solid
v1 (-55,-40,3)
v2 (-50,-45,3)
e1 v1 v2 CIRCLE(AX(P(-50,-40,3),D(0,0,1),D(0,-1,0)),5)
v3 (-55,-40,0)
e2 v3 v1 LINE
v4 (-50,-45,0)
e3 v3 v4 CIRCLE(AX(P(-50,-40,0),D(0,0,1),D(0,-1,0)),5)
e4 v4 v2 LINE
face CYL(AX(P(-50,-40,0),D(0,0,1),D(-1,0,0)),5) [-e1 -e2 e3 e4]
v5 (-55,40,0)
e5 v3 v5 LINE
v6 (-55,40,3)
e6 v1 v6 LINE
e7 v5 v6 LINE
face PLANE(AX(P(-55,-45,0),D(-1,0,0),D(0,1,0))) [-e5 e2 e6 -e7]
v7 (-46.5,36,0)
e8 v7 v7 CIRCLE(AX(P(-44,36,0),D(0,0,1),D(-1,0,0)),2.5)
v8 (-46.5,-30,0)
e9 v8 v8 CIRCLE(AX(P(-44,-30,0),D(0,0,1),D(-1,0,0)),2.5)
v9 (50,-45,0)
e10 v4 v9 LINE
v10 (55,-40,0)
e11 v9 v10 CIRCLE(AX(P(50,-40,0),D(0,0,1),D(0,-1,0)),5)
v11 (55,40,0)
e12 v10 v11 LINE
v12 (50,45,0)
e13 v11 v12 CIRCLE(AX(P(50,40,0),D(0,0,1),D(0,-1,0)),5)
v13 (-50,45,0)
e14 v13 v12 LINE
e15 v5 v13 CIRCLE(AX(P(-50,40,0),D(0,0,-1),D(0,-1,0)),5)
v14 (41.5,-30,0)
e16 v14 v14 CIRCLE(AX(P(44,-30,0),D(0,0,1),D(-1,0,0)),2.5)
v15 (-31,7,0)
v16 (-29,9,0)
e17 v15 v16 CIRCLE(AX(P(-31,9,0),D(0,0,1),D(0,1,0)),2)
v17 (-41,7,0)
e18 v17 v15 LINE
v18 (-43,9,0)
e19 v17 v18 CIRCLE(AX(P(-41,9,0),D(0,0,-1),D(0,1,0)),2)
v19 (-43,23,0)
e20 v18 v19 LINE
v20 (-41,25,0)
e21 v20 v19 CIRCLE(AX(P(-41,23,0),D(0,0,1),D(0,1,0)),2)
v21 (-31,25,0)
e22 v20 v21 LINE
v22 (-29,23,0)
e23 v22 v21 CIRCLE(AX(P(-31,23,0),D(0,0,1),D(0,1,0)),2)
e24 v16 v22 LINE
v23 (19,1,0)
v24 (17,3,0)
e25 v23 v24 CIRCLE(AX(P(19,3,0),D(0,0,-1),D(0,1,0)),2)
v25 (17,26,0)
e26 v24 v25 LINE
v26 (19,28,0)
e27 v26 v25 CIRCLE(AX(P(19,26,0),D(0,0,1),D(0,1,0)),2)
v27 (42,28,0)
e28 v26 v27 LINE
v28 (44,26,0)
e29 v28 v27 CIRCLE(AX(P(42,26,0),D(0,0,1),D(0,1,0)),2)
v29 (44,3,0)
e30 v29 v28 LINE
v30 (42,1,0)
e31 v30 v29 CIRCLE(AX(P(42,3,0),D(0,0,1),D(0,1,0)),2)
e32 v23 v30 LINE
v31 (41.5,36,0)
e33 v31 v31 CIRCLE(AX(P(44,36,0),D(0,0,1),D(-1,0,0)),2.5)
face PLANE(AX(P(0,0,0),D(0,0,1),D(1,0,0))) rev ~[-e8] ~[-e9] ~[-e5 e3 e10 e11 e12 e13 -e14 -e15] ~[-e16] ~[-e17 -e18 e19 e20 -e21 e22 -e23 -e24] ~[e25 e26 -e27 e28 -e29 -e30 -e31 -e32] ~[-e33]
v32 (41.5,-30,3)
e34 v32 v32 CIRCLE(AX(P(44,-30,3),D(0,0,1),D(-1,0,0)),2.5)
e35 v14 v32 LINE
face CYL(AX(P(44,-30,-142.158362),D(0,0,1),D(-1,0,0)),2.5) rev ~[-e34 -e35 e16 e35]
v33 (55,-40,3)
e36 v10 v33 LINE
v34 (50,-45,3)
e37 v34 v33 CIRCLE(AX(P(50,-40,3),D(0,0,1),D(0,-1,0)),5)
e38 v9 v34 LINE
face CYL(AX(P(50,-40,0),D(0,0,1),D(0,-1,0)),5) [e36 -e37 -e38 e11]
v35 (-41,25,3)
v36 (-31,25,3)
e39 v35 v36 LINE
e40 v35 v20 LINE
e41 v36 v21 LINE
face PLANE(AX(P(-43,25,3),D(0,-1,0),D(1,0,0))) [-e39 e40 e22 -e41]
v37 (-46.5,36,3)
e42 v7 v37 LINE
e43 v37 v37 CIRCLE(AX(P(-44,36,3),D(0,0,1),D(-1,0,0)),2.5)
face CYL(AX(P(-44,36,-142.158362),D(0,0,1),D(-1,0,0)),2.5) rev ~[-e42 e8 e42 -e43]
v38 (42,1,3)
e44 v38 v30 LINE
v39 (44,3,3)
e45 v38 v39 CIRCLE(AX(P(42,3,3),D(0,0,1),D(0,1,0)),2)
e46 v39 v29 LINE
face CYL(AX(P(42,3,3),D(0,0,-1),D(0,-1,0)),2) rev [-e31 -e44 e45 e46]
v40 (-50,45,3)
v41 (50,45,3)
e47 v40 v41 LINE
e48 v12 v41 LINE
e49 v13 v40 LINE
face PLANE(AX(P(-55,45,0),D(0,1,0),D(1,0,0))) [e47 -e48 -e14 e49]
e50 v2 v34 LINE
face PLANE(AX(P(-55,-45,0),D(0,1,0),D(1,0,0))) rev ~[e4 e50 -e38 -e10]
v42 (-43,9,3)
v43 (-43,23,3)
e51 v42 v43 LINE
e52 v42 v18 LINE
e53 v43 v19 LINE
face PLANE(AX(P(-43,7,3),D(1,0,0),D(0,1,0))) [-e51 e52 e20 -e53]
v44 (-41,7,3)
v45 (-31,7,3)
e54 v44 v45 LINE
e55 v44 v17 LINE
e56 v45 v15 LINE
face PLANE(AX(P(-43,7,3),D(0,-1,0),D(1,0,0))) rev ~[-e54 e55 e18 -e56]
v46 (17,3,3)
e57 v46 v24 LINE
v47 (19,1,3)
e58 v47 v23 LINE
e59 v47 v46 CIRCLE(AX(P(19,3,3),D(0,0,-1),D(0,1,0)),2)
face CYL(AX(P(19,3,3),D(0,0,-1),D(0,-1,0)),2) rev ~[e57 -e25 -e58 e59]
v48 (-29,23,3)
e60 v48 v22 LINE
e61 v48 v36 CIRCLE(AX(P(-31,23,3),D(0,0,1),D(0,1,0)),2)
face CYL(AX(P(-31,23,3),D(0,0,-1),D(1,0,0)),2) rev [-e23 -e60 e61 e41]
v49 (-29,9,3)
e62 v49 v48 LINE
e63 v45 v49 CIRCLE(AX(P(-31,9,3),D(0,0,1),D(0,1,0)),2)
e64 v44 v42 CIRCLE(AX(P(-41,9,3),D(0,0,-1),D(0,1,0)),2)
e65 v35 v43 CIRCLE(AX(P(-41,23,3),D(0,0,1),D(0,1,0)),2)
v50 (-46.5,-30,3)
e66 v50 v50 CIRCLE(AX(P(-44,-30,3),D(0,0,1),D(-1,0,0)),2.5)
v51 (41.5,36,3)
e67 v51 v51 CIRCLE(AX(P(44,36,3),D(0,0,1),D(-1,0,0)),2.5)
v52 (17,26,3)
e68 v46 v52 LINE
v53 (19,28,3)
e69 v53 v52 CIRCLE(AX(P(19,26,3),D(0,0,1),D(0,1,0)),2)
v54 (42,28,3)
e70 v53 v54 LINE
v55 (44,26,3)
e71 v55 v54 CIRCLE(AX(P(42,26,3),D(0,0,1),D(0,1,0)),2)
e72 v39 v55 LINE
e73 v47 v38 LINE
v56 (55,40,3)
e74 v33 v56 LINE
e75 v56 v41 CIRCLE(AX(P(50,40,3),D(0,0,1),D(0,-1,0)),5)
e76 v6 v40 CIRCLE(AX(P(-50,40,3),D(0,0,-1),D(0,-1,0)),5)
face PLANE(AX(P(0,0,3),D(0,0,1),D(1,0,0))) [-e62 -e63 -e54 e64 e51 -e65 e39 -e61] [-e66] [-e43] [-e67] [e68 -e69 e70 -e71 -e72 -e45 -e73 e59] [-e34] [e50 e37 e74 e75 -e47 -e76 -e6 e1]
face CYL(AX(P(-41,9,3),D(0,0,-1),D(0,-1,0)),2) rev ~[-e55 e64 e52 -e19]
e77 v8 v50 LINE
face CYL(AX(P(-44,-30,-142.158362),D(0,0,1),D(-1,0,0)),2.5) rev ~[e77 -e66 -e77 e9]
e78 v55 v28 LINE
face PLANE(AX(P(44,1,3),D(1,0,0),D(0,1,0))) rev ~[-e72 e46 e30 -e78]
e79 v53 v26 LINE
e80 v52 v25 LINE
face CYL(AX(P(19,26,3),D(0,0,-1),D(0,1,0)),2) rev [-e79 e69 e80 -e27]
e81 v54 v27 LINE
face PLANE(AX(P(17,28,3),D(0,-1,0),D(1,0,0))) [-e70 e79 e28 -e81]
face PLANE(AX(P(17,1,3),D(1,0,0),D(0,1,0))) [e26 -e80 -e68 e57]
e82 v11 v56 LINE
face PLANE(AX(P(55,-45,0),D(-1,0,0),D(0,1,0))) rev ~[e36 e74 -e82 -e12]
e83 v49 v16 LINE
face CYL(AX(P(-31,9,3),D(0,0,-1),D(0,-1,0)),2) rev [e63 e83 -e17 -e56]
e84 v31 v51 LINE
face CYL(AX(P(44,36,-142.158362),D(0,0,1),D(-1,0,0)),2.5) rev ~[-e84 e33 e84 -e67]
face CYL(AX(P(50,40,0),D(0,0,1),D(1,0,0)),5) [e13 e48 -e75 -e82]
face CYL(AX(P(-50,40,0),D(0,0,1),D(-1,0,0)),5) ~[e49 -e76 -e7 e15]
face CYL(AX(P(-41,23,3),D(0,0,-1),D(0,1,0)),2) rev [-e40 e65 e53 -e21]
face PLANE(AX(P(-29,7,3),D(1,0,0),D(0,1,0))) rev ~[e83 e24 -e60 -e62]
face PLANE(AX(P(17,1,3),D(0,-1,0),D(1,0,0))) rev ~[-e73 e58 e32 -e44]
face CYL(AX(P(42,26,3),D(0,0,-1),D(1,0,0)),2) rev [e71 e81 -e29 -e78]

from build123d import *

# Parameters (mm, degrees)
F0_W     = 110
F0_H     = 90
F1_DEPTH = 3
F2_R     = 5
F4_D     = 5
F5_D     = 5
F6_W     = 14
F6_H     = 18
F6_W_2   = 27
F6_H_2   = 27
F7_DEPTH = 3.001
F8_R     = 2


with BuildPart() as f1:
    # F0 (on Top) → F1 (new body)
    with BuildSketch(Plane.XY):
        Rectangle(F0_W, F0_H)
    extrude(amount=F1_DEPTH)

    # F2
    f2_edges = [f1.edges().sort_by_distance(p)[0] for p in [
        (55, 45, 1.5),
        (55, -45, 1.5),
        (-55, 45, 1.5),
        (-55, -45, 1.5),
    ]]
    fillet(f2_edges, radius=F2_R)

    # F4 (through all)
    with Locations(Plane(origin=(0, 0, 0), x_dir=(1, 0, 0), z_dir=(0, 0, -1))):
        with Locations((-44, -36), (44, -36)):
            Hole(F4_D / 2)

    # F5 (through all)
    with Locations(Plane(origin=(0, 0, 0), x_dir=(1, 0, 0), z_dir=(0, 0, -1))):
        with Locations((-44, 30), (44, 30)):
            Hole(F5_D / 2)

    # F6 (on face) → F7 (cut, through all)
    with BuildSketch(Plane.XY.offset(3)):
        with Locations((-36, 16)):
            Rectangle(F6_W, F6_H)
        with Locations((30.5, 14.5)):
            Rectangle(F6_W_2, F6_H_2)
    extrude(amount=-F7_DEPTH, mode=Mode.SUBTRACT)

    # F8
    f8_edges = [f1.edges().sort_by_distance(p)[0] for p in [
        (-43, 7, 1.5),
        (17, 1, 1.5),
        (-29, 7, 1.5),
        (-43, 25, 1.5),
        (17, 28, 1.5),
        (44, 28, 1.5),
        (44, 1, 1.5),
        (-29, 25, 1.5),
    ]]
    fillet(f8_edges, radius=F8_R)


solid = f1.part
